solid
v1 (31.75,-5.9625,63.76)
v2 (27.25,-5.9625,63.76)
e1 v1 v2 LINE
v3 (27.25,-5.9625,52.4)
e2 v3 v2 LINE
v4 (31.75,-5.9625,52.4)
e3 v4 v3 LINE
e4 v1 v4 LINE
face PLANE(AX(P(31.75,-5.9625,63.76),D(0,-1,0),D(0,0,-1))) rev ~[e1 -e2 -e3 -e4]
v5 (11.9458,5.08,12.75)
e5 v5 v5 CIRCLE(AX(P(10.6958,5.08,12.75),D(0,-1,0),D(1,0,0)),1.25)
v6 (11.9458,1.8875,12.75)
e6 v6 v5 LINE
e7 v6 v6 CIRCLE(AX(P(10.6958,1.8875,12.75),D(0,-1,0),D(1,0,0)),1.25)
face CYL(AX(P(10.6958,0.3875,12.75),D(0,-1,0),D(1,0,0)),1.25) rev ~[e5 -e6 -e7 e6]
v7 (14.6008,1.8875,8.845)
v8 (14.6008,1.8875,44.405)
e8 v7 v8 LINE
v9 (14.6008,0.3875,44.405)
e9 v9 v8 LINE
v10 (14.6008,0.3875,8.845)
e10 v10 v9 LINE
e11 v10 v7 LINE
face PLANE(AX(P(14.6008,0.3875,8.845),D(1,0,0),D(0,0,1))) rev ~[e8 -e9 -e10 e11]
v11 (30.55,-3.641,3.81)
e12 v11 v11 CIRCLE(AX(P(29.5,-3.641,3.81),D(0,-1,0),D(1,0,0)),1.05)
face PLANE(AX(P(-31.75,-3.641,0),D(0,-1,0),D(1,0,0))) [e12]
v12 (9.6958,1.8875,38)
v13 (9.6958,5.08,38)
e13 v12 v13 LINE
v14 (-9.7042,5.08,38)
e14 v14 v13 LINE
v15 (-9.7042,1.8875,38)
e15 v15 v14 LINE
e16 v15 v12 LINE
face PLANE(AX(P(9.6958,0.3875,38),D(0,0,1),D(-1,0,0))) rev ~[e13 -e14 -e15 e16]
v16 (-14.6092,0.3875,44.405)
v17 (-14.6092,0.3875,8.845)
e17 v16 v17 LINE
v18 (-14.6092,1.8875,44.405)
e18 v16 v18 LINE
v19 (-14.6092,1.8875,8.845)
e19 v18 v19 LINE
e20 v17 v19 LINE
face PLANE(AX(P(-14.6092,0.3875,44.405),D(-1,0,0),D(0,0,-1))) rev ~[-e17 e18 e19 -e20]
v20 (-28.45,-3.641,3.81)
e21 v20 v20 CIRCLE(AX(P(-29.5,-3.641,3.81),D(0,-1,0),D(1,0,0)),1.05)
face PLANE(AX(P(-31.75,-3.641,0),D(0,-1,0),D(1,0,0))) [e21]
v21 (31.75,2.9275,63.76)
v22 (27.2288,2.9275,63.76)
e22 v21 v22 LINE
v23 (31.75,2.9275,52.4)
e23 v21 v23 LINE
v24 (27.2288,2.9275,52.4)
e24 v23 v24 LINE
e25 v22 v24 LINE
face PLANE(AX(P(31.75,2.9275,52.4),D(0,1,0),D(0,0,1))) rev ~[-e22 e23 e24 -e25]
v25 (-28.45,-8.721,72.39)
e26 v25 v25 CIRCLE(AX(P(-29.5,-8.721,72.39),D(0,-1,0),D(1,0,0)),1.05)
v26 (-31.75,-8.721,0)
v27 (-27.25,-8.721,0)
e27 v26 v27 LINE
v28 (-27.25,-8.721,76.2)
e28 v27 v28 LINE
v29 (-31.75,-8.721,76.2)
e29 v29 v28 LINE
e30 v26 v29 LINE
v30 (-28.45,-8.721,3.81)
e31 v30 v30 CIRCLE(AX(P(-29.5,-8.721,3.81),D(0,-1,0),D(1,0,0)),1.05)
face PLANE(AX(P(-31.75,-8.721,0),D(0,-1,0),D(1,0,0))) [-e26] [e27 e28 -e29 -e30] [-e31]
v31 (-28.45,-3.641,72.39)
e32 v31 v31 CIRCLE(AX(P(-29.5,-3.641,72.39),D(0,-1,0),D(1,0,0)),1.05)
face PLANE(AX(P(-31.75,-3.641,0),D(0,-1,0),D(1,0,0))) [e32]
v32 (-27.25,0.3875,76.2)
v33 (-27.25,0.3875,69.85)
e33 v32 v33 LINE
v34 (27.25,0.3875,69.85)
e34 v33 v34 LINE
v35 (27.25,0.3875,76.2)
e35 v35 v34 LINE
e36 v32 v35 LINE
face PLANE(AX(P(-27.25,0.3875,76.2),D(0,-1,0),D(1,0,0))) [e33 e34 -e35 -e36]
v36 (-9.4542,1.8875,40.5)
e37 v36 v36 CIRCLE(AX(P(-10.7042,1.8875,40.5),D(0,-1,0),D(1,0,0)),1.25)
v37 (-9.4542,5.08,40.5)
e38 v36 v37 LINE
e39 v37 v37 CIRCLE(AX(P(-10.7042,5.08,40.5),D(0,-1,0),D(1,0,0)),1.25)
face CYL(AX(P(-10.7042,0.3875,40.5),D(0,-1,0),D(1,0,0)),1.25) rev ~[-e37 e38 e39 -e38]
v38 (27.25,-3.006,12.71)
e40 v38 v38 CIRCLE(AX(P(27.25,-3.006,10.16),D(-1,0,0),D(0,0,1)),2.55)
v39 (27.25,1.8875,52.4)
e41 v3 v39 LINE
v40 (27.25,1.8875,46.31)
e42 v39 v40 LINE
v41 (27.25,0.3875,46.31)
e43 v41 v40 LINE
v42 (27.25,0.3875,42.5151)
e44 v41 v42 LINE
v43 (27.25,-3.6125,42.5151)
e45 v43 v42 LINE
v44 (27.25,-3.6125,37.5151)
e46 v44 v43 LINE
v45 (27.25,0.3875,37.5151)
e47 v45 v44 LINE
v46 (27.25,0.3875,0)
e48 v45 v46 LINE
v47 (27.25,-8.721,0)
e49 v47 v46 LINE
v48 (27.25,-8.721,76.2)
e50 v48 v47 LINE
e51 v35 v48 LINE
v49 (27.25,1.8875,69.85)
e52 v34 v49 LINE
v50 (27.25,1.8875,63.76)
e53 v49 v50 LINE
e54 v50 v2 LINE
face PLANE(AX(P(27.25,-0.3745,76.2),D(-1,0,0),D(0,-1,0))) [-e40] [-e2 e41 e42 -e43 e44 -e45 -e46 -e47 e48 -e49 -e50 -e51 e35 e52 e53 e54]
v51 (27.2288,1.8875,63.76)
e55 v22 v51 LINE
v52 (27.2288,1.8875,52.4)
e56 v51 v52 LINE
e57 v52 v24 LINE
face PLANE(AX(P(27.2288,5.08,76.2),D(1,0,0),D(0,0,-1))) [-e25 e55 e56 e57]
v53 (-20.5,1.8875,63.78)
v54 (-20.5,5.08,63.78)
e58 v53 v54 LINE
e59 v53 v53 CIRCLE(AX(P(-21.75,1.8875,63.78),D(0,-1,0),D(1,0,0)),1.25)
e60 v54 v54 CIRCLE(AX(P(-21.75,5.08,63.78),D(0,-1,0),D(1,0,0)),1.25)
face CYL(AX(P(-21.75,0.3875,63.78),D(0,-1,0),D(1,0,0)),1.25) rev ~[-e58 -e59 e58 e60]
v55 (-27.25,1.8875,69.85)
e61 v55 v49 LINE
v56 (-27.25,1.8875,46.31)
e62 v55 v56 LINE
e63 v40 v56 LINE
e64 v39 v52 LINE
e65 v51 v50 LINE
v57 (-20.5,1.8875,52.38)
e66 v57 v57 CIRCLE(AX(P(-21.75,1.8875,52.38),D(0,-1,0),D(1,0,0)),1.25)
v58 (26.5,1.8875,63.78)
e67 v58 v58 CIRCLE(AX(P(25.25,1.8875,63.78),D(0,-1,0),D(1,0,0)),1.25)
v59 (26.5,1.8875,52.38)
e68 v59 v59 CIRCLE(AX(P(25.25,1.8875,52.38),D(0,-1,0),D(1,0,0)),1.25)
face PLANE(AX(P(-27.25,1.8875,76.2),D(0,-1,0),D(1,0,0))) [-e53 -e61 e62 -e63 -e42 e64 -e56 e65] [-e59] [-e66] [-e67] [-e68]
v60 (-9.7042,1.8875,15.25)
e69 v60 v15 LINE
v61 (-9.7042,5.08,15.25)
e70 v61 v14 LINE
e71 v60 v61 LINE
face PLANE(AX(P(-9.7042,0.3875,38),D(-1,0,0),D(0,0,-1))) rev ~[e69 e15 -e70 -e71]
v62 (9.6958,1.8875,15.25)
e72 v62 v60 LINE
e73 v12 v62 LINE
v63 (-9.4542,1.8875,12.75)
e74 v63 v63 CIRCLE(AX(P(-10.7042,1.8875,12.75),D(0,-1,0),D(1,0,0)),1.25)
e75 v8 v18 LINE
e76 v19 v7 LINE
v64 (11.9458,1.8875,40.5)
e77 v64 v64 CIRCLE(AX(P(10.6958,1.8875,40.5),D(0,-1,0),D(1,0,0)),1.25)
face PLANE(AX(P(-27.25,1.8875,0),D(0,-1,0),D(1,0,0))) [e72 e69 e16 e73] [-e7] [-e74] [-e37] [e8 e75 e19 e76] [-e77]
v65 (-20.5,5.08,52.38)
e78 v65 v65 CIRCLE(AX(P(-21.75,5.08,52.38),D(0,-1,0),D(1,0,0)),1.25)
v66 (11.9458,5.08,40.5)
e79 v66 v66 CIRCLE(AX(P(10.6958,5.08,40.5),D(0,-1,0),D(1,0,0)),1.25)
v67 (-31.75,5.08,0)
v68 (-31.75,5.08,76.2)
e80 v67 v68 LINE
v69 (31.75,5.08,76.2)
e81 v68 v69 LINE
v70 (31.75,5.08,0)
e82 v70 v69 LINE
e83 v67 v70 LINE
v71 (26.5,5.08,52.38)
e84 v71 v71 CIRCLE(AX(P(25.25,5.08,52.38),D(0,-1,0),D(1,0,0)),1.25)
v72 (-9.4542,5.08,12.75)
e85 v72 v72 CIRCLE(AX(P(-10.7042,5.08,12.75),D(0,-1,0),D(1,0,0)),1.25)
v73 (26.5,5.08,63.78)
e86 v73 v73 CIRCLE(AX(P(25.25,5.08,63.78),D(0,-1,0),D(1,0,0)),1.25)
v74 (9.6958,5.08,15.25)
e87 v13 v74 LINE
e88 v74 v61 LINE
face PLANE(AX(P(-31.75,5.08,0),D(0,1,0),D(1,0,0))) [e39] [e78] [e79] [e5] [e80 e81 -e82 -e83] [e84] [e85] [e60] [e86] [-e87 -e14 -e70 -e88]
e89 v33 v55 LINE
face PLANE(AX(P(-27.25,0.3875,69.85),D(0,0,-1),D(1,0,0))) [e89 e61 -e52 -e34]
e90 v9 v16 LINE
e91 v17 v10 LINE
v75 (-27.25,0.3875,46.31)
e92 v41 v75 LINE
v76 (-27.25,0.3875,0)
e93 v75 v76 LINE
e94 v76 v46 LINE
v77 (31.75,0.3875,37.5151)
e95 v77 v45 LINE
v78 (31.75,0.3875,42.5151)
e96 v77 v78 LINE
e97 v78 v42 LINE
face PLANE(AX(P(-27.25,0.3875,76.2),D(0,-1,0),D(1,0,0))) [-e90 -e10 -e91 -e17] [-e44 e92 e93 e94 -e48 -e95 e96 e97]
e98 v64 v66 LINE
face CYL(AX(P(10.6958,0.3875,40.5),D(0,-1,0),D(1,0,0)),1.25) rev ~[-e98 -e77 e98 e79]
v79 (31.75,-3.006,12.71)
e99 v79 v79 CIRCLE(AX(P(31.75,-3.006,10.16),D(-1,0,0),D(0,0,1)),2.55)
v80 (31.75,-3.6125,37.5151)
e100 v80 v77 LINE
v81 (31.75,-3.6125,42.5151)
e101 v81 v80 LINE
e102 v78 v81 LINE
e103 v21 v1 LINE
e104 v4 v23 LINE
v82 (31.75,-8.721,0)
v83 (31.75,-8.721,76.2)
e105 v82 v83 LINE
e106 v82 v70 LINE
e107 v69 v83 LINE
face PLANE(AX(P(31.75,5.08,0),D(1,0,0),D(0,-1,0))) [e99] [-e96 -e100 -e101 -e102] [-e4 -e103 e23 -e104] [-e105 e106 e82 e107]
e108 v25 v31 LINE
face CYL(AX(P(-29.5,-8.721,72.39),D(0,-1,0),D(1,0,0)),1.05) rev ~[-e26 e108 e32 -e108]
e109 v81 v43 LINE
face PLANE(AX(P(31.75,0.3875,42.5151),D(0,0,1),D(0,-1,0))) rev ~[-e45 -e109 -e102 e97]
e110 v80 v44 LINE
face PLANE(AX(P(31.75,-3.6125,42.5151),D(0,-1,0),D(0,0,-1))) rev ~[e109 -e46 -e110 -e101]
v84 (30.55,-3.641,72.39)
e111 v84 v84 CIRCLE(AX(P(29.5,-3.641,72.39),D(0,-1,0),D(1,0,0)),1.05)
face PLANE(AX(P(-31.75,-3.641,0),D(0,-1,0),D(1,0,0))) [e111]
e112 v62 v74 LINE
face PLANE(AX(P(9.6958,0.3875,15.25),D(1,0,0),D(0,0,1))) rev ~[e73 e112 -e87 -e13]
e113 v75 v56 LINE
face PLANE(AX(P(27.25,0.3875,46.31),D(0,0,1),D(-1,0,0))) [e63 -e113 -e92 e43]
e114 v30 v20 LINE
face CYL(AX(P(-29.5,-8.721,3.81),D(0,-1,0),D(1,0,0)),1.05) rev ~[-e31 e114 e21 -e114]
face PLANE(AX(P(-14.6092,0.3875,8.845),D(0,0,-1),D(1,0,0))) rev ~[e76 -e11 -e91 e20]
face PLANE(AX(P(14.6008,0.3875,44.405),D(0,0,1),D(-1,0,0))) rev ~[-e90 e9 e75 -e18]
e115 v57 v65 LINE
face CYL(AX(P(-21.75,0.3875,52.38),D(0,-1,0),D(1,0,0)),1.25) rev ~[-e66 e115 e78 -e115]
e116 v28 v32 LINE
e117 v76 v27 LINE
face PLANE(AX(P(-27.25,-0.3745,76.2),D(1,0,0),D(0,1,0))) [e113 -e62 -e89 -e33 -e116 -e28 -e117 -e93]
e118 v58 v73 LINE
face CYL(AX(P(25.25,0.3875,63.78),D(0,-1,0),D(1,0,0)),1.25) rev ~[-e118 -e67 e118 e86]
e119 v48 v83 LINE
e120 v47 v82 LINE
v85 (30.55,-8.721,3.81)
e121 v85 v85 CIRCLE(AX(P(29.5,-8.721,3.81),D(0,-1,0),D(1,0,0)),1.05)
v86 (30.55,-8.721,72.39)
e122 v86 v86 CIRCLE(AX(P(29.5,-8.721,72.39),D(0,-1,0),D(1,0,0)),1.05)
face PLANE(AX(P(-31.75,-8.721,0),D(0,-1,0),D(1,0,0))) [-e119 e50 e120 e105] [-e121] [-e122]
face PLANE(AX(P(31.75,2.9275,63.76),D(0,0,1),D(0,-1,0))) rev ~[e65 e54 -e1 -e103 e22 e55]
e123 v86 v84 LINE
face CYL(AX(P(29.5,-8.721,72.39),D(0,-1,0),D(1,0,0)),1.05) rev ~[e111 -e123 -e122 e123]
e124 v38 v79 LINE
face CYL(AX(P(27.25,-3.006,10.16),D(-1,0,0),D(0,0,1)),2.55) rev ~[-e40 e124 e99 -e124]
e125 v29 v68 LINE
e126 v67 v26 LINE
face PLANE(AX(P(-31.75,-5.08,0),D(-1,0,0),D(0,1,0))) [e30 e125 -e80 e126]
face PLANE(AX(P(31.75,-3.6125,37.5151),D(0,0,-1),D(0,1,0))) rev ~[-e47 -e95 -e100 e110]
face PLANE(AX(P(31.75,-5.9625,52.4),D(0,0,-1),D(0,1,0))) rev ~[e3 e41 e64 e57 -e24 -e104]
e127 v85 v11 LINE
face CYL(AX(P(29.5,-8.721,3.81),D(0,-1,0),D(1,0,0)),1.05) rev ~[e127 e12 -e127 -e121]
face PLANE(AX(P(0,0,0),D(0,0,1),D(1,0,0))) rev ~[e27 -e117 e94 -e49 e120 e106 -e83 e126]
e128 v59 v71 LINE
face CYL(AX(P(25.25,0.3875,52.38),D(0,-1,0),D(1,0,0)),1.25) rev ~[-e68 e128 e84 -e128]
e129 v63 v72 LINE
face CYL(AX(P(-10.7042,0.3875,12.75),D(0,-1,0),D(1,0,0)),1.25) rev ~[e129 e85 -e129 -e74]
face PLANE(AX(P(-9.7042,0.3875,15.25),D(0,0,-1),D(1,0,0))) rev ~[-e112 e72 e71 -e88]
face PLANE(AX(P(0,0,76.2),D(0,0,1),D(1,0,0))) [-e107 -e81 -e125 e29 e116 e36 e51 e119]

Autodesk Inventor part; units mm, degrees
ref_plane "YZ Plane" through (0, 0, 0) normal (1, 0, 0) x (0, 1, 0)
ref_plane "XZ Plane" through (0, 0, 0) normal (0, 1, 0) x (-1, 0, 0)
ref_plane "XY Plane" through (0, 0, 0) normal (0, 0, 1) x (1, 0, 0)
sketch "Sketch1" plane through (0, 0, 0) normal (0, 0, 1) x (1, 0, 0)
  line L0 (-31.75, 5.08) -> (31.75, 5.08)
  line L1 (31.75, 5.08) -> (31.75, -5.08)
  line L2 (31.75, -5.08) -> (-31.75, -5.08)
  line L3 (-31.75, -5.08) -> (-31.75, 5.08)
  point P0 (0, 0)
  dimension "d0" = 63.5
  dimension "d3" = 31.75
  dimension "d4" = 10.16
  dimension "d17" = 5.08
extrude "Extrusion1" add sketch "Sketch1" along normal blind 76.2
sketch "Sketch3" plane through (0, 0, 76.2) normal (0, 0, 1) x (1, 0, 0)
  line L0 (-27.25, 0.3875) -> (27.25, 0.3875)
  line L1 (27.25, 0.3875) -> (27.25, -0.3745)
  line L2 (27.25, -0.3745) -> (-27.25, -0.3745)
  line L3 (-27.25, -0.3745) -> (-27.25, 0.3875)
  line L4 (-31.75, 5.08) -> (-31.75, -5.08) projected
  point P0 (0, 0)
  point P1 (-27.25, 0.0065)
  dimension "d6" = 0.762
  dimension "d7" = 54.5
  dimension "d8" = 4.5
extrude "Extrusion2" cut sketch "Sketch3" against normal blind 85.1
sketch "Sketch8" plane through (0, 0, 76.2) normal (0, 0, 1) x (1, 0, 0)
  line L0 (-31.75, -5.08) -> (31.75, -5.08) projected
  line L1 (31.75, -5.08) -> (31.75, 5.08) projected
  line L2 (-31.75, -5.08) -> (31.75, -5.08)
  line L3 (31.75, -5.08) -> (31.75, 0.3875)
  line L4 (31.75, 0.3875) -> (-31.75, 0.3875)
  line L5 (27.25, 0.3875) -> (27.25, -0.3745) projected
  line L6 (27.25, -0.3745) -> (-27.25, -0.3745) projected
  line L7 (-27.25, -0.3745) -> (-27.25, 0.3875) projected
  line L8 (-27.25, 0.3875) -> (27.25, 0.3875) projected
  line L9 (-31.75, -5.08) -> (31.75, -5.08) projected
  line L10 (31.75, -5.08) -> (31.75, 5.08) projected
  line L11 (31.75, 5.08) -> (-31.75, 5.08) projected
  line L12 (-31.75, 5.08) -> (-31.75, -5.08) projected
  line L13 (-27.25, 0.3875) -> (-27.25, -0.3745) projected
  line L14 (-27.25, 0.3875) -> (27.25, 0.3875)
  line L15 (27.25, 0.3875) -> (27.25, -5.08)
  line L16 (27.25, -5.08) -> (-27.25, -5.08)
  line L17 (-27.25, -5.08) -> (-27.25, 0.3875)
  point P0 (0, 0)
  dimension "d30" = 0
sketch "Sketch9" plane through (-31.75, 5.08, 0) normal (0, 1, 0) x (1, 0, 0)
  line L0 (28.35, -18.7333) -> (35.15, -18.7333)
  line L1 (35.15, -18.7333) -> (35.15, -39.7333)
  line L2 (35.15, -39.7333) -> (28.35, -39.7333)
  line L3 (28.35, -39.7333) -> (28.35, -18.7333)
  line L4 (0, 0) -> (0, -76.2) projected
  line L5 (63.5, 0) -> (0, 0) projected
  point P0 (31.75, 0)
  point P1 (0, -38.1)
  dimension "d31" = 21
  dimension "d32" = 6.8
  dimension "d33" = 28.35
  dimension "d34" = 18.7333
extrude "Extrusion6" cut sketch "Sketch8" against normal blind 76.2 contours L17 L6 L15 L0
sketch "Sketch11" plane through (0, 0, 76.2) normal (0, 0, 1) x (1, 0, 0)
  point P0 (0, 0)
sketch "Sketch12" plane through (-31.75, -5.08, 0) normal (0, -1, 0) x (1, 0, 0)
  line L0 (4.5, 0) -> (4.5, 76.2) projected
  line L1 (0, 76.2) -> (4.5, 76.2) projected
  line L2 (0, 0) -> (0, 76.2) projected
  line L3 (0, 0) -> (4.5, 0) projected
  line L4 (59, 76.2) -> (59, 0) projected
  line L5 (59, 0) -> (63.5, 0) projected
  line L6 (63.5, 0) -> (63.5, 76.2) projected
  line L7 (59, 76.2) -> (63.5, 76.2) projected
  point P0 (31.75, 0)
extrude "Extrusion7" add sketch "Sketch12" along normal blind 3.641
sketch "Sketch14" plane through (27.25, 0.3875, 0) normal (-1, 0, 0) x (0, 0, 1)
  circle A0 centre (10.16, -3.3935) radius 2.55
  line L0 (76.2, 0) -> (0, 0) projected
  line L1 (76.2, -9.1085) -> (0, -9.1085) projected
  line L2 (0, -9.1085) -> (0, 0) projected
  point P0 (0, -0.3875)
  dimension "d41" = 5.1
  dimension "d43" = 5.715
  dimension "d44" = 10.16
extrude "Extrusion9" cut sketch "Sketch14" against normal blind 25.4
sketch "Sketch17" plane through (-31.75, -8.721, 0) normal (0, -1, 0) x (1, 0, 0)
  circle A0 centre (61.25, 3.81) radius 1.05
  line L0 (59, 0) -> (63.5, 0) projected
  line L1 (59, 76.2) -> (59, 0) projected
  circle A1 centre (2.25, 3.81) radius 1.05
  line L2 (0, 76.2) -> (0, 0) projected
  line L3 (0, 0) -> (4.5, 0) projected
  circle A2 centre (2.25, 72.39) radius 1.05
  circle A3 centre (61.25, 72.39) radius 1.05
  line L4 (4.5, 76.2) -> (0, 76.2) projected
  line L5 (63.5, 76.2) -> (59, 76.2) projected
  point P0 (31.75, 0)
  dimension "d98" = 2.1
  dimension "d99" = 3.81
  dimension "d100" = 2.25
  dimension "d101" = 2.25
  dimension "d102" = 2.1
  dimension "d103" = 3.81
  dimension "d104" = 2.1
  dimension "d105" = 2.1
  dimension "d106" = 3.81
  dimension "d107" = 3.81
  dimension "d108" = 2.25
extrude "Extrusion11" cut sketch "Sketch17" against normal blind 5.08
sketch "Sketch18" plane through (-27.25, 0.3875, 76.2) normal (0, -1, 0) x (1, 0, 0)
  circle A0 centre (5.5, -23.82) radius 1.25
  circle A1 centre (5.5, -12.42) radius 1.05
  circle A2 centre (5.5, -12.42) radius 1.25
  line L0 (3.5, -28.62) -> (3.5, -7.62)
  circle A3 centre (5.5, -23.82) radius 1.05
  line L1 (54.5, -28.62) -> (3.5, -28.62)
  line L2 (3.5, -7.62) -> (54.5, -7.62)
  circle A4 centre (52.5, -12.42) radius 1.05
  circle A5 centre (52.5, -12.42) radius 1.25
  line L3 (54.5, -7.62) -> (54.5, -28.62)
  circle A6 centre (52.5, -23.82) radius 1.05
  circle A7 centre (52.5, -23.82) radius 1.25
  line L4 (0, 0) -> (54.5, 0) projected
  line L5 (54.5, 0) -> (54.5, -76.2) projected
  point P0 (27.25, -76.2)
  dimension "d111" = 21
  dimension "d112" = 51
  dimension "d113" = 2.1
  dimension "d114" = 2.1
  dimension "d115" = 2.1
  dimension "d116" = 2.1
  dimension "d117" = 2
  dimension "d118" = 2
  dimension "d119" = 2
  dimension "d120" = 2
  dimension "d121" = 11.4
  dimension "d122" = 4.8
  dimension "d123" = 11.4
  dimension "d124" = 4.8
  dimension "d125" = 0.2
  dimension "d126" = 0.2
  dimension "d127" = 0.2
  dimension "d128" = 0.2
  dimension "d131" = 7.62
  dimension "d132" = 0
extrude "Extrusion12" cut sketch "Sketch18" against normal blind 25.4 contours A0 | A1 | A2 | A3 | A4 | A5 | A6 | A7
sketch "Sketch21" plane through (-31.75, -8.721, 0) normal (0, -1, 0) x (1, 0, 0)
  line L0 (59, 76.2) -> (59, 0) projected
  line L1 (59, 69.5452) -> (61.2521, 69.5452)
  line L2 (61.2521, 69.5452) -> (61.2521, 46.6852)
  line L3 (61.2521, 46.6852) -> (59, 46.6852)
  line L4 (59, 46.6852) -> (59, 69.5452)
  line L5 (63.5, 0) -> (63.5, 76.2) projected
  line L6 (63.5, 76.2) -> (59, 76.2) projected
  point P0 (31.75, 0)
  dimension "d147" = 4.5
  dimension "d148" = 2.2479
  dimension "d149" = 6.6548
  dimension "d150" = 22.86
sketch "Sketch22" plane through (31.75, 5.08, 76.2) normal (1, 0, 0) x (0, 0, -1)
  line L0 (13.67, -4.6925) -> (13.67, 0) projected
  line L1 (13.67, -4.6925) -> (13.67, 0) projected
  line L2 (25.07, -4.6925) -> (25.07, 0) projected
  line L3 (22.57, -4.6925) -> (22.57, 0) projected
  line L4 (11.17, -4.6925) -> (11.17, 0) projected
  line L5 (23.8, -2.1525) -> (12.44, -2.1525)
  line L6 (12.44, -2.1525) -> (12.44, -11.0425)
  line L7 (12.44, -11.0425) -> (23.8, -11.0425)
  line L8 (23.8, -11.0425) -> (23.8, -2.1525)
  point P0 (76.2, -5.08)
  point P1 (24.97, -4.6925)
  point P2 (24.97, -2.1525)
  point P3 (11.27, -2.6605)
  point P4 (11.27, -4.6925)
  dimension "d152" = 8.89
  dimension "d153" = 2.54
  dimension "d169" = 1.27
  dimension "d170" = 1.27
extrude "Extrusion15" cut sketch "Sketch22" against normal blind 4.5212
sketch "Sketch24" plane through (31.75, 5.08, 76.2) normal (1, 0, 0) x (0, 0, -1)
  line L0 (38.6849, -4.6925) -> (33.6849, -4.6925)
  line L1 (33.6849, -4.6925) -> (33.6849, -8.6925)
  line L2 (33.6849, -8.6925) -> (38.6849, -8.6925)
  line L3 (38.6849, -8.6925) -> (38.6849, -4.6925)
  line L4 (0, -4.6925) -> (76.2, -4.6925) projected
  point P0 (76.2, -5.08)
  point P1 (23.8, -4.6925)
  dimension "d163" = 5
  dimension "d164" = 4
  dimension "d165" = 0
extrude "Extrusion16" cut sketch "Sketch24" against normal blind 9.1211
sketch "Sketch27" plane through (-27.25, 0.3875, 76.2) normal (0, -1, 0) x (1, 0, 0)
  line L0 (54.5, 0) -> (54.5, -76.2) projected
  line L1 (0, 0) -> (0, -76.2) projected
  line L2 (54.5, -29.89) -> (0, -29.89)
  line L3 (0, -29.89) -> (0, -6.35)
  line L4 (0, -6.35) -> (54.5, -6.35)
  line L5 (54.5, -6.35) -> (54.5, -29.89)
  line L6 (54.5, -28.62) -> (3.5, -28.62) projected
  line L7 (3.5, -7.62) -> (54.5, -7.62) projected
  point P0 (27.25, -76.2)
  point P1 (54.5, -6.35)
  point P2 (0, -29.89)
  dimension "d171" = 1.27
  dimension "d172" = 1.27
extrude "Extrusion17" cut sketch "Sketch27" against normal blind 1.5
sketch "Sketch30" plane through (-27.25, 0.3875, 0) normal (0, -1, 0) x (1, 0, 0)
  line L0 (39.9458, 42.5) -> (14.5458, 42.5)
  line L1 (14.5458, 42.5) -> (14.5458, 10.75)
  line L2 (14.5458, 10.75) -> (39.9458, 10.75)
  line L3 (39.9458, 10.75) -> (39.9458, 42.5)
  line L4 (23.85, 39.7333) -> (30.65, 39.7333) projected
  line L5 (54.5, 0) -> (0, 0) projected
  line L6 (54.5, 76.2) -> (54.5, 0) projected
  line L7 (0, 0) -> (0, 76.2) projected
  line L8 (36.9458, 38) -> (17.5458, 38)
  line L9 (17.5458, 38) -> (17.5458, 15.25)
  line L10 (17.5458, 15.25) -> (36.9458, 15.25)
  line L11 (36.9458, 15.25) -> (36.9458, 38)
  circle A0 centre (37.9458, 40.5) radius 1.25
  line L12 (54.5, 46.31) -> (0, 46.31) projected
  circle A1 centre (37.9458, 12.75) radius 1.25
  circle A2 centre (16.5458, 12.75) radius 1.25
  circle A3 centre (16.5458, 40.5) radius 1.25
  line L13 (54.5, 46.31) -> (0, 46.31) projected
  line L14 (0, 46.31) -> (0, 0) projected
  line L15 (54.5, 0) -> (0, 0) projected
  line L16 (54.5, 37.5151) -> (54.5, 0) projected
  line L17 (59, 37.5151) -> (54.5, 37.5151) projected
  line L18 (59, 42.5151) -> (59, 37.5151) projected
  line L19 (59, 42.5151) -> (54.5, 42.5151) projected
  line L20 (54.5, 46.31) -> (54.5, 42.5151) projected
  line L21 (41.8508, 44.405) -> (12.6408, 44.405)
  line L22 (12.6408, 44.405) -> (12.6408, 8.845)
  line L23 (12.6408, 8.845) -> (41.8508, 8.845)
  line L24 (41.8508, 8.845) -> (41.8508, 44.405)
  point P0 (27.25, 0)
  dimension "d177" = 31.75
  dimension "d178" = 25.4
  dimension "d179" = 54.5
  dimension "d180" = 14.5542
  dimension "d181" = 4.5
  dimension "d182" = 3.81
  dimension "d183" = 3
  dimension "d184" = 4.5
  dimension "d185" = 3
  dimension "d186" = 2.5
  dimension "d187" = 2
  dimension "d188" = 2
  dimension "d189" = 2.5
  dimension "d190" = 2.5
  dimension "d191" = 2.5
  dimension "d193" = 2
  dimension "d195" = 2
  dimension "d196" = 2
  dimension "d197" = 2
  dimension "d204" = 1.905
  dimension "d210" = 2
  dimension "d211" = 2
extrude "Extrusion18" cut sketch "Sketch30" against normal blind 25.4 contours L11 L10 L9 L8
extrude "Extrusion19" cut sketch "Sketch30" against normal blind 1.5 contours L3 L2 L1 L0 | L11 L10 L9 L8 | A0 | A1 | A2 | A3 | L24 L23 L22 L21
extrude "Extrusion20" cut sketch "Sketch30" against normal blind 254 contours A0 | A1 | A2 | A3
properties part number "Scanner_Test_Top"
